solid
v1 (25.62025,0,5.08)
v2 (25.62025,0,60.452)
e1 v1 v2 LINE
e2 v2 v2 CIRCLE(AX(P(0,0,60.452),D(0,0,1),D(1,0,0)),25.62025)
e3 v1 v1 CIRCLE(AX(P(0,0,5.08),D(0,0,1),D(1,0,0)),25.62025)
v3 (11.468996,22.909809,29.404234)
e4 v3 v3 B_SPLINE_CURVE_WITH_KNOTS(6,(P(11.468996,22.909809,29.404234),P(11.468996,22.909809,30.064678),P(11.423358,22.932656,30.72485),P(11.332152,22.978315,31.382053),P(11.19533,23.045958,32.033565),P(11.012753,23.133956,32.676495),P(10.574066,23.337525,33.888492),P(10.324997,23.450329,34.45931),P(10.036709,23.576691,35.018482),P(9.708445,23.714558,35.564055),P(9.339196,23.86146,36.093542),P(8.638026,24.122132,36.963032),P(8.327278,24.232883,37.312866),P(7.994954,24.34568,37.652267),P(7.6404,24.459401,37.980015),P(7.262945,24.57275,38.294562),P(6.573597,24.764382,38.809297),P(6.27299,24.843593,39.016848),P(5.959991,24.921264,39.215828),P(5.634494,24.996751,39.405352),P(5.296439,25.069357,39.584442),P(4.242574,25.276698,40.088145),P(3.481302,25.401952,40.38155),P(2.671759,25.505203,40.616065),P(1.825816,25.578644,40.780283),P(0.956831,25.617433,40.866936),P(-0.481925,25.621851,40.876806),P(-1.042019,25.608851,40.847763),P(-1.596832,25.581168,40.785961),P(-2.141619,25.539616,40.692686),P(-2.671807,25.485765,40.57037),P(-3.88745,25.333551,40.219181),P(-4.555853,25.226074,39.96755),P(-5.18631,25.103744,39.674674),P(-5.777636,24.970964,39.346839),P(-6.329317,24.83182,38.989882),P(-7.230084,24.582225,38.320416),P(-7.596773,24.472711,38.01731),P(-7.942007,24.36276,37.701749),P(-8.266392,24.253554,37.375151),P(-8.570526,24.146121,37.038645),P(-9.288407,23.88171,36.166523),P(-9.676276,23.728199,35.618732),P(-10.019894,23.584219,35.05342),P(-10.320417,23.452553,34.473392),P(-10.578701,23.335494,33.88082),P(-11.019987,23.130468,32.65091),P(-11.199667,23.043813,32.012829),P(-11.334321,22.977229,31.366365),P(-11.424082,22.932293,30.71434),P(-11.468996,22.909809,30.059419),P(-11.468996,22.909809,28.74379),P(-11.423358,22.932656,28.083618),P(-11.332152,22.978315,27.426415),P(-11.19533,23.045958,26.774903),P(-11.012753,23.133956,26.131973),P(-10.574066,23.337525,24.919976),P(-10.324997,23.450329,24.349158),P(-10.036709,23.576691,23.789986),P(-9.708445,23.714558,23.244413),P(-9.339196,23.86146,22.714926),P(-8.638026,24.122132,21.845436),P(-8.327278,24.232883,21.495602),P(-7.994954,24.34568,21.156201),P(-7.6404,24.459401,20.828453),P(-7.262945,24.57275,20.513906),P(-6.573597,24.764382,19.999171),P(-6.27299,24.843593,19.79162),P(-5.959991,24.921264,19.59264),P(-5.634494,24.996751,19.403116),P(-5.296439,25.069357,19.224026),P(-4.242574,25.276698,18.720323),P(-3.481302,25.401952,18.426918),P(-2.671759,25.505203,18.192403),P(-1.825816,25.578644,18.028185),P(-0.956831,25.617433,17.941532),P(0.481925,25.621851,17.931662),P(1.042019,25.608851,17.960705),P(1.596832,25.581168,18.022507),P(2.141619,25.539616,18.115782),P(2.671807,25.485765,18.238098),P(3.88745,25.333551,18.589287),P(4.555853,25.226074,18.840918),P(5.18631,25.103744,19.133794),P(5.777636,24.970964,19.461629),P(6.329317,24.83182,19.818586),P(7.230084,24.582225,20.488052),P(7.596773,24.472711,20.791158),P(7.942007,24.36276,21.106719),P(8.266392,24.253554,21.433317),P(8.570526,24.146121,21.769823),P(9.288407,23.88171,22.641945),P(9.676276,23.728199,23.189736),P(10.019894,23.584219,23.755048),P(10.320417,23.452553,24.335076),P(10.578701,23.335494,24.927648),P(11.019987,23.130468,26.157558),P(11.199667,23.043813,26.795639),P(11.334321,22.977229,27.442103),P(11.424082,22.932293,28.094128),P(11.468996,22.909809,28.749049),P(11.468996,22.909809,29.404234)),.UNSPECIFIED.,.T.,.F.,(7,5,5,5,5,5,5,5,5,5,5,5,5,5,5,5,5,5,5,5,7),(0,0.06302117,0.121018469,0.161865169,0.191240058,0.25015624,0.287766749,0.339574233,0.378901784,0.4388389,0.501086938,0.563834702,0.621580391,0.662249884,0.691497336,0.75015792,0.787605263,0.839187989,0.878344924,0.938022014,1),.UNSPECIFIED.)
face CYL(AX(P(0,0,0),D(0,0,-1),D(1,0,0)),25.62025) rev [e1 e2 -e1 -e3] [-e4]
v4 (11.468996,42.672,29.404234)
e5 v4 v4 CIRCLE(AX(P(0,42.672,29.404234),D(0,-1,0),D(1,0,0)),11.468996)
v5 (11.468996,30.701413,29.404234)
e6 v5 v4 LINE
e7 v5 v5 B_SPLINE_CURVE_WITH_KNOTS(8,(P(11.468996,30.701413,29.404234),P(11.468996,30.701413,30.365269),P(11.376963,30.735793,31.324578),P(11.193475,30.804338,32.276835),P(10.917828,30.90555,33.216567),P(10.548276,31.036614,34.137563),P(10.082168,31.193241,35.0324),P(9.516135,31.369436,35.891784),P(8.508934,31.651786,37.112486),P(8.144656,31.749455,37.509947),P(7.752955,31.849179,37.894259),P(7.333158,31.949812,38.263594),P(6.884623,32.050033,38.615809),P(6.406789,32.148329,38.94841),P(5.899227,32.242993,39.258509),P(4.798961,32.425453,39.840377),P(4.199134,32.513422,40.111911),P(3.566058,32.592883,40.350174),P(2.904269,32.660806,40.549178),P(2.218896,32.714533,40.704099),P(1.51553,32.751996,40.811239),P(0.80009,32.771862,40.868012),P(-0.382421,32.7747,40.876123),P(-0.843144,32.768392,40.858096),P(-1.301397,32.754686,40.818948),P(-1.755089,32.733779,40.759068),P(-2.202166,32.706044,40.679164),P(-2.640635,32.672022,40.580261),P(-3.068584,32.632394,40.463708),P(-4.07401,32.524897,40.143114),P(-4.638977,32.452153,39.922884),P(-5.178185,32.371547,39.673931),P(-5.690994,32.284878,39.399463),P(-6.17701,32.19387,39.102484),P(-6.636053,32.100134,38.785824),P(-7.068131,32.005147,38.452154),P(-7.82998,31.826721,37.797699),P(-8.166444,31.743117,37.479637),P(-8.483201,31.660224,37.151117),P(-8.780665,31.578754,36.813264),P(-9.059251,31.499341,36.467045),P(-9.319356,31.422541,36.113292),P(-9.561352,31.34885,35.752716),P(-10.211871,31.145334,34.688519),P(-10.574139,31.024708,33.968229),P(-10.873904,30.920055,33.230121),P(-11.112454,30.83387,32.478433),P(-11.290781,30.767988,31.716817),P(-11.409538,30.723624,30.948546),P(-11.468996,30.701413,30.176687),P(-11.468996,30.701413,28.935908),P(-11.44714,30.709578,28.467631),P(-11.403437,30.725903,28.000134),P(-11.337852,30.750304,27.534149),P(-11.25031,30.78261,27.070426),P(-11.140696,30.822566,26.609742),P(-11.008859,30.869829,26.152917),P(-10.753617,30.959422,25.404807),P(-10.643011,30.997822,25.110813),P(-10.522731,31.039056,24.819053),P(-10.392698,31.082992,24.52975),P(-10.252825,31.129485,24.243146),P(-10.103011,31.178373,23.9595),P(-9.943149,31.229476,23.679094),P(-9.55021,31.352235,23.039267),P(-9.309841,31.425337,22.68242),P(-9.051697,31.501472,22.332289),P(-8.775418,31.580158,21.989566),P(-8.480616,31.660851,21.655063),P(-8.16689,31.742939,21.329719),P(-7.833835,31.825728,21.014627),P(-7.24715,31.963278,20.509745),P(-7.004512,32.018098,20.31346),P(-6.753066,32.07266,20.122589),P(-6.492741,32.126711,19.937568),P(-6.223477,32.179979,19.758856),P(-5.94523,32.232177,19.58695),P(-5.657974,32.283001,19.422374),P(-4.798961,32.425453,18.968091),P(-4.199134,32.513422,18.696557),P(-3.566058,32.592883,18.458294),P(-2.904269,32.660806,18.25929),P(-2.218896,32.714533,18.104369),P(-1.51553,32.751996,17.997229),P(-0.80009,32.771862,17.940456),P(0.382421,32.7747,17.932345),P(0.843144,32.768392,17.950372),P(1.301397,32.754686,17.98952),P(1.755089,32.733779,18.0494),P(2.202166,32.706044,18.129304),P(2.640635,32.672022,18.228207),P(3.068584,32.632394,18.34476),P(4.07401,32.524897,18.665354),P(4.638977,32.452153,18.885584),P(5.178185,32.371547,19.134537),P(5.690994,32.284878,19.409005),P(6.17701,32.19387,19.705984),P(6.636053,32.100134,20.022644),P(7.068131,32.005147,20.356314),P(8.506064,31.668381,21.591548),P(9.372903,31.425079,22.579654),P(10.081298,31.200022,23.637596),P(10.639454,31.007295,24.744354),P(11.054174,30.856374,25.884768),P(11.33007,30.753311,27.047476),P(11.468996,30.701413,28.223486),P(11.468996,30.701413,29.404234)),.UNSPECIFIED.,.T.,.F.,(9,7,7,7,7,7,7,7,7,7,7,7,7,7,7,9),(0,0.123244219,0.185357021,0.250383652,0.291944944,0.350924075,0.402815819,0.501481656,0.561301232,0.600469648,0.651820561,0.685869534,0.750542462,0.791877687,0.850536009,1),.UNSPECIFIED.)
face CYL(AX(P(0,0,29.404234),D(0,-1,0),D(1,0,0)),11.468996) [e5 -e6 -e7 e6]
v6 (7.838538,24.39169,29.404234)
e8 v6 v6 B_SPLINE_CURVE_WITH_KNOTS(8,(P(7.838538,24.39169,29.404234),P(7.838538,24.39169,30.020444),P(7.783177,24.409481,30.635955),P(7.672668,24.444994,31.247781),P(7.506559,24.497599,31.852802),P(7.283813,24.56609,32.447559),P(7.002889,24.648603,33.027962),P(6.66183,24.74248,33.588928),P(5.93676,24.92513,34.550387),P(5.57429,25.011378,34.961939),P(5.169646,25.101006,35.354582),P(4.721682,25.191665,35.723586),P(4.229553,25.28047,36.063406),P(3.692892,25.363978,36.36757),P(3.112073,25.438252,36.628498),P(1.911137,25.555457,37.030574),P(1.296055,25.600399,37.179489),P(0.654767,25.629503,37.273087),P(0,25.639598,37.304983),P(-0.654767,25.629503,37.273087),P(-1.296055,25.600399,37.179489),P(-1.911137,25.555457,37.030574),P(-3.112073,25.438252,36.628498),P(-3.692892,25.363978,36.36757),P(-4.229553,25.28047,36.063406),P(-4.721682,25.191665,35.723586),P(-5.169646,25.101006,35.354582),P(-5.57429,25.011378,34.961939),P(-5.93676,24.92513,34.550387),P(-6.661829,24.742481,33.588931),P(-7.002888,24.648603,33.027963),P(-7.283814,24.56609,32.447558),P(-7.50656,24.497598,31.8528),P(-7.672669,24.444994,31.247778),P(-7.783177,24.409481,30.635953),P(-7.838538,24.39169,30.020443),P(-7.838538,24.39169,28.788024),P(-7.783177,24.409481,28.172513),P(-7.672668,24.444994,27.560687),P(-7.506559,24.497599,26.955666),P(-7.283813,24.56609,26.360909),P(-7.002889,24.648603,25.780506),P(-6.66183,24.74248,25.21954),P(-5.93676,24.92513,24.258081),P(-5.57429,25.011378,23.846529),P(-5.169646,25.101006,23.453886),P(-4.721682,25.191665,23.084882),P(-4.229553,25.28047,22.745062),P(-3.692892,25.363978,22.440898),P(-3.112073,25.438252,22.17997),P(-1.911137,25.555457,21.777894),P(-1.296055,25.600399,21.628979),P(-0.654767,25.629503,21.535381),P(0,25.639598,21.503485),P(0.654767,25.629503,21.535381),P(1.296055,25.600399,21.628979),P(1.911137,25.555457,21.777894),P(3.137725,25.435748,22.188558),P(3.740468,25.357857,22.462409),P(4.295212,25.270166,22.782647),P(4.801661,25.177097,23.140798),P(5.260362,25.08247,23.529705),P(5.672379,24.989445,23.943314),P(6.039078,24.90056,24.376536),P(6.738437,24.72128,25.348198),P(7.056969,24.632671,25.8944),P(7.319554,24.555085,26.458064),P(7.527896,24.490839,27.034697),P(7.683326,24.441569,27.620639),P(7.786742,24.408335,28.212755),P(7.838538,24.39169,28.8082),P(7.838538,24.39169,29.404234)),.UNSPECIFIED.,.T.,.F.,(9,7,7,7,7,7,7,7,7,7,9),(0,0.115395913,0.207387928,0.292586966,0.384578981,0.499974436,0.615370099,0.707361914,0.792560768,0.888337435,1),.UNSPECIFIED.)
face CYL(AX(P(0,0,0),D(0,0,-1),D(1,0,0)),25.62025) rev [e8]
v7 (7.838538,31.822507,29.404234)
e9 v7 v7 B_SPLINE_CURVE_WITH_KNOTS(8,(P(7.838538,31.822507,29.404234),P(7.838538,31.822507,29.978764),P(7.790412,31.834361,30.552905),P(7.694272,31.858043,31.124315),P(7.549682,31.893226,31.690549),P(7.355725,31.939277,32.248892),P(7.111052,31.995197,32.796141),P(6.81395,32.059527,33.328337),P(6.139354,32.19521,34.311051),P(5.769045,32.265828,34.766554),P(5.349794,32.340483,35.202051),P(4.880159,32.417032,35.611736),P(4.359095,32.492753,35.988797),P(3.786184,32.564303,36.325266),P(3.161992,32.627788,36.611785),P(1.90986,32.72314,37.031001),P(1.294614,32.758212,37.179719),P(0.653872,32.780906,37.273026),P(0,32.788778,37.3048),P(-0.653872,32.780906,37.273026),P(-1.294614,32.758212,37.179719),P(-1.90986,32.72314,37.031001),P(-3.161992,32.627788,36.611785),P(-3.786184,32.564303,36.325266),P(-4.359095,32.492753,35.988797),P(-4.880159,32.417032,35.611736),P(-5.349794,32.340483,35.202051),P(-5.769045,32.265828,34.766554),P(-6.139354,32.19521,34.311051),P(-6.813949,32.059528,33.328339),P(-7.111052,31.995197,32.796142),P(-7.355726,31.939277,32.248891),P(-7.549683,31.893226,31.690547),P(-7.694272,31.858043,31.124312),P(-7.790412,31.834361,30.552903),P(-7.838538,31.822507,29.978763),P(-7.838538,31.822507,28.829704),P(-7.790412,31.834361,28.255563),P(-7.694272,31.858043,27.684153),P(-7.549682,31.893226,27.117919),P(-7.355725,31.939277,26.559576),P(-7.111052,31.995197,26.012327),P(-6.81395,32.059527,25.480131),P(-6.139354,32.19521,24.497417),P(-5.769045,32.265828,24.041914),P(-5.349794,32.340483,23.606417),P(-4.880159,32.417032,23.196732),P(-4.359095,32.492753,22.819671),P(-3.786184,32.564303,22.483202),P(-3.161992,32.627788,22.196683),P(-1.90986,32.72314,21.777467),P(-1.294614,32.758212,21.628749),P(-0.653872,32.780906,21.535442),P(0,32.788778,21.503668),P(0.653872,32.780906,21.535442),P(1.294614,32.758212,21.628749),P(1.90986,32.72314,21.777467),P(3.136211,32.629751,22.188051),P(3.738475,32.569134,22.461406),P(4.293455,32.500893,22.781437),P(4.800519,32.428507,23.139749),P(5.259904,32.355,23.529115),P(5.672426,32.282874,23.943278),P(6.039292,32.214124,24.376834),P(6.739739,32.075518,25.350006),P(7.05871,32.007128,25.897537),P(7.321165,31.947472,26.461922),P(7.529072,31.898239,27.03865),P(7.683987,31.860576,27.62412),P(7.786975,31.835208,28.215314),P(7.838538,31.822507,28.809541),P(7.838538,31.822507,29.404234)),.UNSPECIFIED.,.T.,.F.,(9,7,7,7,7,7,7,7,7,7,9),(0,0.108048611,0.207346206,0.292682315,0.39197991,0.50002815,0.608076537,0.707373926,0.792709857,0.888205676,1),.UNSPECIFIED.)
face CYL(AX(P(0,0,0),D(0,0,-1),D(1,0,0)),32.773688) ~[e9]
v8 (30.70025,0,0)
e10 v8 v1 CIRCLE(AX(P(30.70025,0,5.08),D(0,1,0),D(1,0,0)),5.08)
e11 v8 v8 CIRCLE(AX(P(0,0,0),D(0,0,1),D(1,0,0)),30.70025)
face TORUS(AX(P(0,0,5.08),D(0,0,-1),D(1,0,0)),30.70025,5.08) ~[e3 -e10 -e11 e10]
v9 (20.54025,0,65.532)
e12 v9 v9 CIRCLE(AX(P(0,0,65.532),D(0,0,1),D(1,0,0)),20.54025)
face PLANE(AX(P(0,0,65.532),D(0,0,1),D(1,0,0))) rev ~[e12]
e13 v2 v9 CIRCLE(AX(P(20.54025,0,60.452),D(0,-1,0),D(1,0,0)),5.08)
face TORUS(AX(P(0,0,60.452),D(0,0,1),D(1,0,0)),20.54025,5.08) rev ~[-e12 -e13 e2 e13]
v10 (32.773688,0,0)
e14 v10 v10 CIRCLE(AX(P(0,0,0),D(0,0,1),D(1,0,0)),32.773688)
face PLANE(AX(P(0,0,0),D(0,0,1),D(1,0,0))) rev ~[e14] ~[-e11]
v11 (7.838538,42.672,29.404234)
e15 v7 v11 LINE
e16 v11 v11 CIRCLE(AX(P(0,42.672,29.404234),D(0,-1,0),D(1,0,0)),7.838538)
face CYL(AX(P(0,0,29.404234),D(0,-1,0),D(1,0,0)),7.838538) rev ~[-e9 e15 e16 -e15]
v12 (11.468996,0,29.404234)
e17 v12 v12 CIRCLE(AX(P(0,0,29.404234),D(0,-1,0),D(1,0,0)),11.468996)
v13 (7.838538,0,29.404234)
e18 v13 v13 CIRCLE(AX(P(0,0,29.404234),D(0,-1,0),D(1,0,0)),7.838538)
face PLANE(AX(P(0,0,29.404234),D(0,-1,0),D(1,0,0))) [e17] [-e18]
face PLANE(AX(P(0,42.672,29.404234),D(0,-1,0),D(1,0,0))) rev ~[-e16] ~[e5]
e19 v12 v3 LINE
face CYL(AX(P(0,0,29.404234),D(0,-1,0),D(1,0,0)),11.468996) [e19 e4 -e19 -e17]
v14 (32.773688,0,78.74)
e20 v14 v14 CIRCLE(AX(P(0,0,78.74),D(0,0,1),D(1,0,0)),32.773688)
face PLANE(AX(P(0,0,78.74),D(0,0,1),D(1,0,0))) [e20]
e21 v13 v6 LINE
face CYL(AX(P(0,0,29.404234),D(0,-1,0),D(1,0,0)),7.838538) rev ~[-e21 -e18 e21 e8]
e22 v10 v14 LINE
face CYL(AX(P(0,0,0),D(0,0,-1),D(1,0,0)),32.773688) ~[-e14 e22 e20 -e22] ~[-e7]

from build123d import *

# Parameters (mm, degrees)
F0_R     = 32.773688
F1_DEPTH = 78.74
F2_R     = 25.62025
F3_DEPTH = 65.532
F4_R     = 5.08
F5_R     = 11.468996
F5_R_2   = 7.838538
F6_DEPTH = 42.672


with BuildPart() as f1:
    # F0 (on Top) → F1 (new body)
    with BuildSketch(Plane.XY):
        Circle(F0_R)
    extrude(amount=F1_DEPTH)

    # F2 (on Top) → F3 (cut)
    with BuildSketch(Plane.XY):
        Circle(F2_R)
    extrude(amount=F3_DEPTH, mode=Mode.SUBTRACT)

    # F4
    f4_edges = [f1.edges().sort_by_distance(p)[0] for p in [
        (-25.62025, 0, 0),
        (-25.62025, 0, 65.532),
    ]]
    fillet(f4_edges, radius=F4_R)

    # F5 (on Front) → F6 (join)
    with BuildSketch(Plane.XZ):
        with Locations((0, 29.404234)):
            Circle(F5_R)
        with Locations((0, 29.404234)):
            Circle(F5_R_2, mode=Mode.SUBTRACT)
    extrude(amount=-F6_DEPTH)


solid = f1.part
